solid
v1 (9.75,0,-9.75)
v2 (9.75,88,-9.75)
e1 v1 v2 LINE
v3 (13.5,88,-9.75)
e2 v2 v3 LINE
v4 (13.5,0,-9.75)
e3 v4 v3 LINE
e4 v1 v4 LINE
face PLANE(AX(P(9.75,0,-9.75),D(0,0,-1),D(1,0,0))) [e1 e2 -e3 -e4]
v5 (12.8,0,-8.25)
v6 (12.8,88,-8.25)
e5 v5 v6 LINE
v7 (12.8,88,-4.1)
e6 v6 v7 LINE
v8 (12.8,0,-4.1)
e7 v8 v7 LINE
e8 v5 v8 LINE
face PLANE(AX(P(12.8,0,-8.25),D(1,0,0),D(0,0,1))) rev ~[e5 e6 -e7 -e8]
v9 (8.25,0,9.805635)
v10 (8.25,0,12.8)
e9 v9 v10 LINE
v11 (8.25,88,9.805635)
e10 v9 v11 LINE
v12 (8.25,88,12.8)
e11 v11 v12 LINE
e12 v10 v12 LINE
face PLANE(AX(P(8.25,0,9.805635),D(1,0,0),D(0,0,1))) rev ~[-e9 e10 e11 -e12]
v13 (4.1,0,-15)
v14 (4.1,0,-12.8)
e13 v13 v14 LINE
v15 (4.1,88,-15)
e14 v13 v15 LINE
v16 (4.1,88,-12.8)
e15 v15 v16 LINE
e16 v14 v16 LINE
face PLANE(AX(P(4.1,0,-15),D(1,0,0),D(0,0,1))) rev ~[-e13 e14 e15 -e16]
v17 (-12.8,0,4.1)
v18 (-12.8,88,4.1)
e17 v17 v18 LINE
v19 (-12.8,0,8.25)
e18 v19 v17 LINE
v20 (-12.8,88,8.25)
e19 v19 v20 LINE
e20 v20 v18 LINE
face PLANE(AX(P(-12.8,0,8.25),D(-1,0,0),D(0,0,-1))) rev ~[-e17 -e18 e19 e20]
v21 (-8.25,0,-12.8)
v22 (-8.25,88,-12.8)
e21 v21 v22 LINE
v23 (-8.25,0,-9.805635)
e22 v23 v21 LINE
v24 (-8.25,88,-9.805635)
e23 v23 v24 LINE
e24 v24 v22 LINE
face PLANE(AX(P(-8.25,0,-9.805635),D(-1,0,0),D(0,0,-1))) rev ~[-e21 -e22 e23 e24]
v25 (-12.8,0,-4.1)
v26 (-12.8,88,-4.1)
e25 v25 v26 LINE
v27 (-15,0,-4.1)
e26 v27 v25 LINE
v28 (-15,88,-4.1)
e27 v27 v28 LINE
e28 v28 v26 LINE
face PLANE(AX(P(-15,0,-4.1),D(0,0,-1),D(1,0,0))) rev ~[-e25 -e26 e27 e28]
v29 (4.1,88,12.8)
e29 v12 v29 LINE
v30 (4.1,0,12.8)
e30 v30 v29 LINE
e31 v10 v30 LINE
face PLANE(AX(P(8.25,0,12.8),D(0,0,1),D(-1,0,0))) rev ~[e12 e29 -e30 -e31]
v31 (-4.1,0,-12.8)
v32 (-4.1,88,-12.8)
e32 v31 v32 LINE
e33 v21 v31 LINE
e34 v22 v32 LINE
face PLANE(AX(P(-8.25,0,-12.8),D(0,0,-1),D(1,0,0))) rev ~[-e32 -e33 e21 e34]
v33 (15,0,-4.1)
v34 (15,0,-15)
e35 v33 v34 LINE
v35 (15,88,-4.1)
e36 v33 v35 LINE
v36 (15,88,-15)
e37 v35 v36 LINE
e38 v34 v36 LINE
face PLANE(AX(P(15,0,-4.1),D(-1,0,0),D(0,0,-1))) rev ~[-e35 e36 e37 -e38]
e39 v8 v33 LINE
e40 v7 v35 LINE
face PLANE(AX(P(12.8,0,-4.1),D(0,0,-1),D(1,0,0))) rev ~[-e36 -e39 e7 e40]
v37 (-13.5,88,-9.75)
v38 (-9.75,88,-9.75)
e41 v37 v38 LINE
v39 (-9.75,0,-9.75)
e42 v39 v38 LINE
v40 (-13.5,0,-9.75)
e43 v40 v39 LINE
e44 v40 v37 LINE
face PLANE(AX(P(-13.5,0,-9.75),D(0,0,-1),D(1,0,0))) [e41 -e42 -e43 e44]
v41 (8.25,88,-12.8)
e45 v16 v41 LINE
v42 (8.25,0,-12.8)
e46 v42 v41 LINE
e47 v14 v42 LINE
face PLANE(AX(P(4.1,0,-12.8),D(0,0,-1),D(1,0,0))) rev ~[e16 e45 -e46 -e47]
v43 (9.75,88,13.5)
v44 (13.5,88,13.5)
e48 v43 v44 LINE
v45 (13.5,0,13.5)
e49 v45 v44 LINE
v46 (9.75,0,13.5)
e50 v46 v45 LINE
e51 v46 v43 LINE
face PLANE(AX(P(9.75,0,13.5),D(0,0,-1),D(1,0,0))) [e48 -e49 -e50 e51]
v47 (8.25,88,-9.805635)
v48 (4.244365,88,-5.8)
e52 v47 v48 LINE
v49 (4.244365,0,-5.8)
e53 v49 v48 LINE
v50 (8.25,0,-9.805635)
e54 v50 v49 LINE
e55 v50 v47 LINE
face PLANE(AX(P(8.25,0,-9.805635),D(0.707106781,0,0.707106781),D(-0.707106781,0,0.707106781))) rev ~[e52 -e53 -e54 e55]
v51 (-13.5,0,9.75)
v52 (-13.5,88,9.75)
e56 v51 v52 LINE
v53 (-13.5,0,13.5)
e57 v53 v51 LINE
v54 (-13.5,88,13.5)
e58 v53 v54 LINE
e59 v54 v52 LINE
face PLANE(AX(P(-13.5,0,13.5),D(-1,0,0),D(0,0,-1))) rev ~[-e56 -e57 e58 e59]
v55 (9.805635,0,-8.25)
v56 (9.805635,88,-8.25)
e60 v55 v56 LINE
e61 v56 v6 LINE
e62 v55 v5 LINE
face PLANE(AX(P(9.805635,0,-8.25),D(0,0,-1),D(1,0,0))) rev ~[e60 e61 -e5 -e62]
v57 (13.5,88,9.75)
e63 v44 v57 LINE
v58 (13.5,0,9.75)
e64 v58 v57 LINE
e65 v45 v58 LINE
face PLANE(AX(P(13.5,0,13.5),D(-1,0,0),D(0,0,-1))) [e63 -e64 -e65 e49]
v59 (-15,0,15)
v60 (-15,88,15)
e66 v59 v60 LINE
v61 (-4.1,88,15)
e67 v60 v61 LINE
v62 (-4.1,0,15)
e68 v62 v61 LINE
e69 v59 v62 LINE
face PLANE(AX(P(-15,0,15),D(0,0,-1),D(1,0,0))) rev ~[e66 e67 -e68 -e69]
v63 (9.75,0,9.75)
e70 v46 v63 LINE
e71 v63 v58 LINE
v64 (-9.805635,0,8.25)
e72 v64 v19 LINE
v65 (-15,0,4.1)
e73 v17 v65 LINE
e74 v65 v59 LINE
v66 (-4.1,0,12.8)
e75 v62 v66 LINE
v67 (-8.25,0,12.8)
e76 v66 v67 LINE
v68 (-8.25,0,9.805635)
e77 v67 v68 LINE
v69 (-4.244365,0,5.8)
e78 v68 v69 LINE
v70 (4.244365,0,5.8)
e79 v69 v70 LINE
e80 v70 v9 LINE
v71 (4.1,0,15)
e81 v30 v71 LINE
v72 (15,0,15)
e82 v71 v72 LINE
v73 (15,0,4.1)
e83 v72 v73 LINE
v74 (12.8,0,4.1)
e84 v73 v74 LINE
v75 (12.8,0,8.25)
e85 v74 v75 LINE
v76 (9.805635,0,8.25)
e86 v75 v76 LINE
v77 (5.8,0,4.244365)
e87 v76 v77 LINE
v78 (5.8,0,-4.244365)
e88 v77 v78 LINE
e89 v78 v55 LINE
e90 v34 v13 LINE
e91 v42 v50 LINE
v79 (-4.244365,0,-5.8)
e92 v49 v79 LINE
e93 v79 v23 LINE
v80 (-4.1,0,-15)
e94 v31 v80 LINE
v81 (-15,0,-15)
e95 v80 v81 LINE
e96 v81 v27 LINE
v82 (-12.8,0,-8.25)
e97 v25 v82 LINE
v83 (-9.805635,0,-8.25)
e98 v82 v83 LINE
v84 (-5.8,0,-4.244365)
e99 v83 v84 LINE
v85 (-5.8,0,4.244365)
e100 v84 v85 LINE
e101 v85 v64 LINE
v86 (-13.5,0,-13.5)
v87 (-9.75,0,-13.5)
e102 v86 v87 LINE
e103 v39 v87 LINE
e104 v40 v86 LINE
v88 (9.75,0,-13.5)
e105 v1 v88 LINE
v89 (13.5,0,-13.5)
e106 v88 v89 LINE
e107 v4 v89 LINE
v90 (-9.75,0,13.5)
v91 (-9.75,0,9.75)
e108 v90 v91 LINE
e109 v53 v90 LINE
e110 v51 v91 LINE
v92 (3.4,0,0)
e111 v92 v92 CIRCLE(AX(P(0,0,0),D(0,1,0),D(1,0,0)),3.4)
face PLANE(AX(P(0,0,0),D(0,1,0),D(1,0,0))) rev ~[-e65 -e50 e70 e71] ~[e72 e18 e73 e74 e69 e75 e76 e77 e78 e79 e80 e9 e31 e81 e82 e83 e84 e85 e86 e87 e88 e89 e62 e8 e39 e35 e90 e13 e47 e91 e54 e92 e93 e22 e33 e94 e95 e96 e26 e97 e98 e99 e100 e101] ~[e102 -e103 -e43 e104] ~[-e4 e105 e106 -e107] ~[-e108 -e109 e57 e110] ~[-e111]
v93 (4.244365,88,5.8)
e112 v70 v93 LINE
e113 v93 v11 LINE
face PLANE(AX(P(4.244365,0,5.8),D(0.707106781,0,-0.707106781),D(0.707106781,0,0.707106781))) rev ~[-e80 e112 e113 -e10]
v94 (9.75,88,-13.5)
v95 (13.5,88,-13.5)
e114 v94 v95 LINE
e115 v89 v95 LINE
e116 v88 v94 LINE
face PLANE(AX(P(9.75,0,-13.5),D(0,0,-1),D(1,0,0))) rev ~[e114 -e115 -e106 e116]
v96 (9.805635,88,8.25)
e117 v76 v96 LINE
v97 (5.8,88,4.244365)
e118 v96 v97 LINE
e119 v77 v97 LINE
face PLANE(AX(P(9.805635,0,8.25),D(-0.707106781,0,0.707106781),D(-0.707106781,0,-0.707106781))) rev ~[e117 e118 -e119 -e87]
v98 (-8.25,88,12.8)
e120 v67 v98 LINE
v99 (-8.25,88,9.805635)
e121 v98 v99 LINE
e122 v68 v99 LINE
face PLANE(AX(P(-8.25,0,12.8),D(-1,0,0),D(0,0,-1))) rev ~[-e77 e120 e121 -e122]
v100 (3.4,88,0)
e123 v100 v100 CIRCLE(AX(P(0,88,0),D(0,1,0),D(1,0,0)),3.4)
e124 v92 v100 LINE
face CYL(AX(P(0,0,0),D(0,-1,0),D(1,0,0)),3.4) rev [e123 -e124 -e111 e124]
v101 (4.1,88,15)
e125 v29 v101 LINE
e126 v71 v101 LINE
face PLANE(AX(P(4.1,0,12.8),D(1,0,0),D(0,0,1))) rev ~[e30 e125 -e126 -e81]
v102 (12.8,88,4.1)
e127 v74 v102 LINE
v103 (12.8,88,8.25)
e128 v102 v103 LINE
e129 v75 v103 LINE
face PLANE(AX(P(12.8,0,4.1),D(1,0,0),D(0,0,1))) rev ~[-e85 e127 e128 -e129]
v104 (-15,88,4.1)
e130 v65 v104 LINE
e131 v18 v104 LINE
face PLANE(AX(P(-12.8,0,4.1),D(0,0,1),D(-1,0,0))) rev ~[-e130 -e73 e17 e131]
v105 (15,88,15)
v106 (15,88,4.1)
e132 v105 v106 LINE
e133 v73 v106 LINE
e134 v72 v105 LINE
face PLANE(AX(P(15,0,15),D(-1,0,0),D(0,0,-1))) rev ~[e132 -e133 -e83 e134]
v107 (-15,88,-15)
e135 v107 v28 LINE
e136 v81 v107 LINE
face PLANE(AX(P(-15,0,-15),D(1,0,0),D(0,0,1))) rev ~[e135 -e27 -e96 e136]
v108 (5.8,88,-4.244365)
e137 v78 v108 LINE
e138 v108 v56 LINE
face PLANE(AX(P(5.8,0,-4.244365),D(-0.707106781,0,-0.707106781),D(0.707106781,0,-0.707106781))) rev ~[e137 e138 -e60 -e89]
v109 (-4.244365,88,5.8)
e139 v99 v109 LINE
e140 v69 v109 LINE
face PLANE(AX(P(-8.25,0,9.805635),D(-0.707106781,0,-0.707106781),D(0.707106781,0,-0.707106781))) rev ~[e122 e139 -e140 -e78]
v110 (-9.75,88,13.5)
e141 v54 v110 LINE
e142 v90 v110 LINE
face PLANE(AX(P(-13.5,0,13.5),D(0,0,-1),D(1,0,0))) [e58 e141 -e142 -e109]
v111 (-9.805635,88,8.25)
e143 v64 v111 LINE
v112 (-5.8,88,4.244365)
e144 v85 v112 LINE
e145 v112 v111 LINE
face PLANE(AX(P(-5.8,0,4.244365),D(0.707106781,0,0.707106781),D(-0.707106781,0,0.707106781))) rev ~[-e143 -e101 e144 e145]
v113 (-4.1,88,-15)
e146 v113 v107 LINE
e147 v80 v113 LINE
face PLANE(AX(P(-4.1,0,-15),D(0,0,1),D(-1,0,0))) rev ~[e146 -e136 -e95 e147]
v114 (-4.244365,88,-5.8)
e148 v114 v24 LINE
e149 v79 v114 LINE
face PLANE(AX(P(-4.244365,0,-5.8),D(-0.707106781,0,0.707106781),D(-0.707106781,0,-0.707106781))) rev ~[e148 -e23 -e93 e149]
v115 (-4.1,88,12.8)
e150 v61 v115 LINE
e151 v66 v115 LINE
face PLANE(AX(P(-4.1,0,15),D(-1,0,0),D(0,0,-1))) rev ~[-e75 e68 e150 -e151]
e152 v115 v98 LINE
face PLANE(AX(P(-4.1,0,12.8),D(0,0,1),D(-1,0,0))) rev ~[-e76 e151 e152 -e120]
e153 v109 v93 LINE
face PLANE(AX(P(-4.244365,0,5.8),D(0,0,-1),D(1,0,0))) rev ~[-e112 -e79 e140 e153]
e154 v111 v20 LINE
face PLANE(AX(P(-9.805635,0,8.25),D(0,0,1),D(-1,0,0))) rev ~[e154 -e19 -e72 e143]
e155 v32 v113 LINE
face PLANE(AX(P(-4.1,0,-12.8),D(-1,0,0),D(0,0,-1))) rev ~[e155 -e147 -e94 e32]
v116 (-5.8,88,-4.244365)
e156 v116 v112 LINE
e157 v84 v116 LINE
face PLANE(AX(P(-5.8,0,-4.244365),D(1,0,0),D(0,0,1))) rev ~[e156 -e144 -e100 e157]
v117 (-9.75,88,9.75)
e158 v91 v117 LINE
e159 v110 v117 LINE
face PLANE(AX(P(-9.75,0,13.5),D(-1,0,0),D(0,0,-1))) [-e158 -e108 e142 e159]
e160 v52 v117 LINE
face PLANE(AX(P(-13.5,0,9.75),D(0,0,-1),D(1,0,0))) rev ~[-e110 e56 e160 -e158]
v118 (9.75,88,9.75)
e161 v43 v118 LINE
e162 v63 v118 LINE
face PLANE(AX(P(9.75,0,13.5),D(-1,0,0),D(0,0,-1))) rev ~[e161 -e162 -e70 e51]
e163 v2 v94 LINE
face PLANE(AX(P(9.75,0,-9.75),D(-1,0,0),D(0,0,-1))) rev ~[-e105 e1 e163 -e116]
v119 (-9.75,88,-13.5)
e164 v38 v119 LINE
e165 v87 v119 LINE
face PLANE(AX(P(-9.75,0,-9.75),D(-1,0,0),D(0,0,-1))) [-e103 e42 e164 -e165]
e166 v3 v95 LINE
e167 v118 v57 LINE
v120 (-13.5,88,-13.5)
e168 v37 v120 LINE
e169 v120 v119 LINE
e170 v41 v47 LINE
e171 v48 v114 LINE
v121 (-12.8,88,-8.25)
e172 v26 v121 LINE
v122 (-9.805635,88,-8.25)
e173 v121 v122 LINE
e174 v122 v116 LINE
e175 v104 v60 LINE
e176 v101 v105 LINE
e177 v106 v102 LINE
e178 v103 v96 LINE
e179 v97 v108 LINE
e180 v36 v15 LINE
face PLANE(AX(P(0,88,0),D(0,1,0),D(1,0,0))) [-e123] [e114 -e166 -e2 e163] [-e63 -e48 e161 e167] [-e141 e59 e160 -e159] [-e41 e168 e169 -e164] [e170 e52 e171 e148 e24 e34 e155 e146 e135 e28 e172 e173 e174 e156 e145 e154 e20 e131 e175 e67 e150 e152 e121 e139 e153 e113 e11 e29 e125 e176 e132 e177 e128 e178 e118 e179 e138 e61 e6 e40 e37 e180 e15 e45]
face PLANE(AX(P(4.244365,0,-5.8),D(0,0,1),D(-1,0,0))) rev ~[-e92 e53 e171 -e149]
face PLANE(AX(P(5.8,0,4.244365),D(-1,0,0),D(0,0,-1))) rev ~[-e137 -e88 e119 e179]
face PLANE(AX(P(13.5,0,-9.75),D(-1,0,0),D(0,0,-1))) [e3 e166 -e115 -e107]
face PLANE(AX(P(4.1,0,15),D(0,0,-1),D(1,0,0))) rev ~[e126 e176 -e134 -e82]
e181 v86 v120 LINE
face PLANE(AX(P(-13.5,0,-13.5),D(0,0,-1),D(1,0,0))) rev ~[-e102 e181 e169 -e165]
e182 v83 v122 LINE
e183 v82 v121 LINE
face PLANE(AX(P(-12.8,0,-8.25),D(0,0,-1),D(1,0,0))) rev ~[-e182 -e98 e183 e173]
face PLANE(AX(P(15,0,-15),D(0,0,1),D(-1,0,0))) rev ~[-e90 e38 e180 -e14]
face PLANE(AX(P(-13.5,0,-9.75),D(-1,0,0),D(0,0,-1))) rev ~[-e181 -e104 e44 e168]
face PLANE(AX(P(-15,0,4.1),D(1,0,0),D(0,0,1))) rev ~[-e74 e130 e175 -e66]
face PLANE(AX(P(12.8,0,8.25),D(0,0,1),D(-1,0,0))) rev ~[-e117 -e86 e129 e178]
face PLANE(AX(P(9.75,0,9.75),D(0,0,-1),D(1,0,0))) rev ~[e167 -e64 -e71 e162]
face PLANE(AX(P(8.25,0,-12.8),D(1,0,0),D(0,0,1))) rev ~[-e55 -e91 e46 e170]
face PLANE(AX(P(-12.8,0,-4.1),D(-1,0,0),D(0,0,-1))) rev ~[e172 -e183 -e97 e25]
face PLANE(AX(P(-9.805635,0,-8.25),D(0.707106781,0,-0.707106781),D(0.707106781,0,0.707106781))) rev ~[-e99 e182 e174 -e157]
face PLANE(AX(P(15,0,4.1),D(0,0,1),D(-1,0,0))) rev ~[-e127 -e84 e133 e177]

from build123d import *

# Parameters (mm, degrees)
SZKIC1_R                    = 3.4
SZKIC1_W                    = 3.75
SZKIC1_H                    = 3.75
DODANIE_WYCI_GNI_CIE1_DEPTH = 88


with BuildPart() as part:
    # Szkic1 → Dodanie-wyciągnięcie1 (new body)
    with BuildSketch(Plane(origin=(0, 0, 0), x_dir=(1, 0, 0), z_dir=(0, 1, 0))):
        Polygon((4.1, 15), (4.1, 12.8), (8.25, 12.8), (8.25, 9.805634919), (4.244365081, 5.8), (-4.244365081, 5.8), (-8.25, 9.805634919), (-8.25, 12.8), (-4.1, 12.8), (-4.1, 15), (-15, 15), (-15, 4.1), (-12.8, 4.1), (-12.8, 8.25), (-9.805634919, 8.25), (-5.8, 4.244365081), (-5.8, -4.244365081), (-9.805634919, -8.25), (-12.8, -8.25), (-12.8, -4.1), (-15, -4.1), (-15, -15), (-4.1, -15), (-4.1, -12.8), (-8.25, -12.8), (-8.25, -9.805634919), (-4.244365081, -5.8), (4.244365081, -5.8), (8.25, -9.805634919), (8.25, -12.8), (4.1, -12.8), (4.1, -15), (15, -15), (15, -4.1), (12.8, -4.1), (12.8, -8.25), (9.805634919, -8.25), (5.8, -4.244365081), (5.8, 4.244365081), (9.805634919, 8.25), (12.8, 8.25), (12.8, 4.1), (15, 4.1), (15, 15), align=None)
        Circle(SZKIC1_R, mode=Mode.SUBTRACT)
        with Locations((11.625, 11.625)):
            Rectangle(SZKIC1_W, SZKIC1_H, mode=Mode.SUBTRACT)
        with Locations((11.625, -11.625)):
            Rectangle(SZKIC1_W, SZKIC1_H, mode=Mode.SUBTRACT)
        with Locations((-11.625, -11.625)):
            Rectangle(SZKIC1_W, SZKIC1_H, mode=Mode.SUBTRACT)
        with Locations((-11.625, 11.625)):
            Rectangle(SZKIC1_W, SZKIC1_H, mode=Mode.SUBTRACT)
    extrude(amount=DODANIE_WYCI_GNI_CIE1_DEPTH)


solid = part.part
